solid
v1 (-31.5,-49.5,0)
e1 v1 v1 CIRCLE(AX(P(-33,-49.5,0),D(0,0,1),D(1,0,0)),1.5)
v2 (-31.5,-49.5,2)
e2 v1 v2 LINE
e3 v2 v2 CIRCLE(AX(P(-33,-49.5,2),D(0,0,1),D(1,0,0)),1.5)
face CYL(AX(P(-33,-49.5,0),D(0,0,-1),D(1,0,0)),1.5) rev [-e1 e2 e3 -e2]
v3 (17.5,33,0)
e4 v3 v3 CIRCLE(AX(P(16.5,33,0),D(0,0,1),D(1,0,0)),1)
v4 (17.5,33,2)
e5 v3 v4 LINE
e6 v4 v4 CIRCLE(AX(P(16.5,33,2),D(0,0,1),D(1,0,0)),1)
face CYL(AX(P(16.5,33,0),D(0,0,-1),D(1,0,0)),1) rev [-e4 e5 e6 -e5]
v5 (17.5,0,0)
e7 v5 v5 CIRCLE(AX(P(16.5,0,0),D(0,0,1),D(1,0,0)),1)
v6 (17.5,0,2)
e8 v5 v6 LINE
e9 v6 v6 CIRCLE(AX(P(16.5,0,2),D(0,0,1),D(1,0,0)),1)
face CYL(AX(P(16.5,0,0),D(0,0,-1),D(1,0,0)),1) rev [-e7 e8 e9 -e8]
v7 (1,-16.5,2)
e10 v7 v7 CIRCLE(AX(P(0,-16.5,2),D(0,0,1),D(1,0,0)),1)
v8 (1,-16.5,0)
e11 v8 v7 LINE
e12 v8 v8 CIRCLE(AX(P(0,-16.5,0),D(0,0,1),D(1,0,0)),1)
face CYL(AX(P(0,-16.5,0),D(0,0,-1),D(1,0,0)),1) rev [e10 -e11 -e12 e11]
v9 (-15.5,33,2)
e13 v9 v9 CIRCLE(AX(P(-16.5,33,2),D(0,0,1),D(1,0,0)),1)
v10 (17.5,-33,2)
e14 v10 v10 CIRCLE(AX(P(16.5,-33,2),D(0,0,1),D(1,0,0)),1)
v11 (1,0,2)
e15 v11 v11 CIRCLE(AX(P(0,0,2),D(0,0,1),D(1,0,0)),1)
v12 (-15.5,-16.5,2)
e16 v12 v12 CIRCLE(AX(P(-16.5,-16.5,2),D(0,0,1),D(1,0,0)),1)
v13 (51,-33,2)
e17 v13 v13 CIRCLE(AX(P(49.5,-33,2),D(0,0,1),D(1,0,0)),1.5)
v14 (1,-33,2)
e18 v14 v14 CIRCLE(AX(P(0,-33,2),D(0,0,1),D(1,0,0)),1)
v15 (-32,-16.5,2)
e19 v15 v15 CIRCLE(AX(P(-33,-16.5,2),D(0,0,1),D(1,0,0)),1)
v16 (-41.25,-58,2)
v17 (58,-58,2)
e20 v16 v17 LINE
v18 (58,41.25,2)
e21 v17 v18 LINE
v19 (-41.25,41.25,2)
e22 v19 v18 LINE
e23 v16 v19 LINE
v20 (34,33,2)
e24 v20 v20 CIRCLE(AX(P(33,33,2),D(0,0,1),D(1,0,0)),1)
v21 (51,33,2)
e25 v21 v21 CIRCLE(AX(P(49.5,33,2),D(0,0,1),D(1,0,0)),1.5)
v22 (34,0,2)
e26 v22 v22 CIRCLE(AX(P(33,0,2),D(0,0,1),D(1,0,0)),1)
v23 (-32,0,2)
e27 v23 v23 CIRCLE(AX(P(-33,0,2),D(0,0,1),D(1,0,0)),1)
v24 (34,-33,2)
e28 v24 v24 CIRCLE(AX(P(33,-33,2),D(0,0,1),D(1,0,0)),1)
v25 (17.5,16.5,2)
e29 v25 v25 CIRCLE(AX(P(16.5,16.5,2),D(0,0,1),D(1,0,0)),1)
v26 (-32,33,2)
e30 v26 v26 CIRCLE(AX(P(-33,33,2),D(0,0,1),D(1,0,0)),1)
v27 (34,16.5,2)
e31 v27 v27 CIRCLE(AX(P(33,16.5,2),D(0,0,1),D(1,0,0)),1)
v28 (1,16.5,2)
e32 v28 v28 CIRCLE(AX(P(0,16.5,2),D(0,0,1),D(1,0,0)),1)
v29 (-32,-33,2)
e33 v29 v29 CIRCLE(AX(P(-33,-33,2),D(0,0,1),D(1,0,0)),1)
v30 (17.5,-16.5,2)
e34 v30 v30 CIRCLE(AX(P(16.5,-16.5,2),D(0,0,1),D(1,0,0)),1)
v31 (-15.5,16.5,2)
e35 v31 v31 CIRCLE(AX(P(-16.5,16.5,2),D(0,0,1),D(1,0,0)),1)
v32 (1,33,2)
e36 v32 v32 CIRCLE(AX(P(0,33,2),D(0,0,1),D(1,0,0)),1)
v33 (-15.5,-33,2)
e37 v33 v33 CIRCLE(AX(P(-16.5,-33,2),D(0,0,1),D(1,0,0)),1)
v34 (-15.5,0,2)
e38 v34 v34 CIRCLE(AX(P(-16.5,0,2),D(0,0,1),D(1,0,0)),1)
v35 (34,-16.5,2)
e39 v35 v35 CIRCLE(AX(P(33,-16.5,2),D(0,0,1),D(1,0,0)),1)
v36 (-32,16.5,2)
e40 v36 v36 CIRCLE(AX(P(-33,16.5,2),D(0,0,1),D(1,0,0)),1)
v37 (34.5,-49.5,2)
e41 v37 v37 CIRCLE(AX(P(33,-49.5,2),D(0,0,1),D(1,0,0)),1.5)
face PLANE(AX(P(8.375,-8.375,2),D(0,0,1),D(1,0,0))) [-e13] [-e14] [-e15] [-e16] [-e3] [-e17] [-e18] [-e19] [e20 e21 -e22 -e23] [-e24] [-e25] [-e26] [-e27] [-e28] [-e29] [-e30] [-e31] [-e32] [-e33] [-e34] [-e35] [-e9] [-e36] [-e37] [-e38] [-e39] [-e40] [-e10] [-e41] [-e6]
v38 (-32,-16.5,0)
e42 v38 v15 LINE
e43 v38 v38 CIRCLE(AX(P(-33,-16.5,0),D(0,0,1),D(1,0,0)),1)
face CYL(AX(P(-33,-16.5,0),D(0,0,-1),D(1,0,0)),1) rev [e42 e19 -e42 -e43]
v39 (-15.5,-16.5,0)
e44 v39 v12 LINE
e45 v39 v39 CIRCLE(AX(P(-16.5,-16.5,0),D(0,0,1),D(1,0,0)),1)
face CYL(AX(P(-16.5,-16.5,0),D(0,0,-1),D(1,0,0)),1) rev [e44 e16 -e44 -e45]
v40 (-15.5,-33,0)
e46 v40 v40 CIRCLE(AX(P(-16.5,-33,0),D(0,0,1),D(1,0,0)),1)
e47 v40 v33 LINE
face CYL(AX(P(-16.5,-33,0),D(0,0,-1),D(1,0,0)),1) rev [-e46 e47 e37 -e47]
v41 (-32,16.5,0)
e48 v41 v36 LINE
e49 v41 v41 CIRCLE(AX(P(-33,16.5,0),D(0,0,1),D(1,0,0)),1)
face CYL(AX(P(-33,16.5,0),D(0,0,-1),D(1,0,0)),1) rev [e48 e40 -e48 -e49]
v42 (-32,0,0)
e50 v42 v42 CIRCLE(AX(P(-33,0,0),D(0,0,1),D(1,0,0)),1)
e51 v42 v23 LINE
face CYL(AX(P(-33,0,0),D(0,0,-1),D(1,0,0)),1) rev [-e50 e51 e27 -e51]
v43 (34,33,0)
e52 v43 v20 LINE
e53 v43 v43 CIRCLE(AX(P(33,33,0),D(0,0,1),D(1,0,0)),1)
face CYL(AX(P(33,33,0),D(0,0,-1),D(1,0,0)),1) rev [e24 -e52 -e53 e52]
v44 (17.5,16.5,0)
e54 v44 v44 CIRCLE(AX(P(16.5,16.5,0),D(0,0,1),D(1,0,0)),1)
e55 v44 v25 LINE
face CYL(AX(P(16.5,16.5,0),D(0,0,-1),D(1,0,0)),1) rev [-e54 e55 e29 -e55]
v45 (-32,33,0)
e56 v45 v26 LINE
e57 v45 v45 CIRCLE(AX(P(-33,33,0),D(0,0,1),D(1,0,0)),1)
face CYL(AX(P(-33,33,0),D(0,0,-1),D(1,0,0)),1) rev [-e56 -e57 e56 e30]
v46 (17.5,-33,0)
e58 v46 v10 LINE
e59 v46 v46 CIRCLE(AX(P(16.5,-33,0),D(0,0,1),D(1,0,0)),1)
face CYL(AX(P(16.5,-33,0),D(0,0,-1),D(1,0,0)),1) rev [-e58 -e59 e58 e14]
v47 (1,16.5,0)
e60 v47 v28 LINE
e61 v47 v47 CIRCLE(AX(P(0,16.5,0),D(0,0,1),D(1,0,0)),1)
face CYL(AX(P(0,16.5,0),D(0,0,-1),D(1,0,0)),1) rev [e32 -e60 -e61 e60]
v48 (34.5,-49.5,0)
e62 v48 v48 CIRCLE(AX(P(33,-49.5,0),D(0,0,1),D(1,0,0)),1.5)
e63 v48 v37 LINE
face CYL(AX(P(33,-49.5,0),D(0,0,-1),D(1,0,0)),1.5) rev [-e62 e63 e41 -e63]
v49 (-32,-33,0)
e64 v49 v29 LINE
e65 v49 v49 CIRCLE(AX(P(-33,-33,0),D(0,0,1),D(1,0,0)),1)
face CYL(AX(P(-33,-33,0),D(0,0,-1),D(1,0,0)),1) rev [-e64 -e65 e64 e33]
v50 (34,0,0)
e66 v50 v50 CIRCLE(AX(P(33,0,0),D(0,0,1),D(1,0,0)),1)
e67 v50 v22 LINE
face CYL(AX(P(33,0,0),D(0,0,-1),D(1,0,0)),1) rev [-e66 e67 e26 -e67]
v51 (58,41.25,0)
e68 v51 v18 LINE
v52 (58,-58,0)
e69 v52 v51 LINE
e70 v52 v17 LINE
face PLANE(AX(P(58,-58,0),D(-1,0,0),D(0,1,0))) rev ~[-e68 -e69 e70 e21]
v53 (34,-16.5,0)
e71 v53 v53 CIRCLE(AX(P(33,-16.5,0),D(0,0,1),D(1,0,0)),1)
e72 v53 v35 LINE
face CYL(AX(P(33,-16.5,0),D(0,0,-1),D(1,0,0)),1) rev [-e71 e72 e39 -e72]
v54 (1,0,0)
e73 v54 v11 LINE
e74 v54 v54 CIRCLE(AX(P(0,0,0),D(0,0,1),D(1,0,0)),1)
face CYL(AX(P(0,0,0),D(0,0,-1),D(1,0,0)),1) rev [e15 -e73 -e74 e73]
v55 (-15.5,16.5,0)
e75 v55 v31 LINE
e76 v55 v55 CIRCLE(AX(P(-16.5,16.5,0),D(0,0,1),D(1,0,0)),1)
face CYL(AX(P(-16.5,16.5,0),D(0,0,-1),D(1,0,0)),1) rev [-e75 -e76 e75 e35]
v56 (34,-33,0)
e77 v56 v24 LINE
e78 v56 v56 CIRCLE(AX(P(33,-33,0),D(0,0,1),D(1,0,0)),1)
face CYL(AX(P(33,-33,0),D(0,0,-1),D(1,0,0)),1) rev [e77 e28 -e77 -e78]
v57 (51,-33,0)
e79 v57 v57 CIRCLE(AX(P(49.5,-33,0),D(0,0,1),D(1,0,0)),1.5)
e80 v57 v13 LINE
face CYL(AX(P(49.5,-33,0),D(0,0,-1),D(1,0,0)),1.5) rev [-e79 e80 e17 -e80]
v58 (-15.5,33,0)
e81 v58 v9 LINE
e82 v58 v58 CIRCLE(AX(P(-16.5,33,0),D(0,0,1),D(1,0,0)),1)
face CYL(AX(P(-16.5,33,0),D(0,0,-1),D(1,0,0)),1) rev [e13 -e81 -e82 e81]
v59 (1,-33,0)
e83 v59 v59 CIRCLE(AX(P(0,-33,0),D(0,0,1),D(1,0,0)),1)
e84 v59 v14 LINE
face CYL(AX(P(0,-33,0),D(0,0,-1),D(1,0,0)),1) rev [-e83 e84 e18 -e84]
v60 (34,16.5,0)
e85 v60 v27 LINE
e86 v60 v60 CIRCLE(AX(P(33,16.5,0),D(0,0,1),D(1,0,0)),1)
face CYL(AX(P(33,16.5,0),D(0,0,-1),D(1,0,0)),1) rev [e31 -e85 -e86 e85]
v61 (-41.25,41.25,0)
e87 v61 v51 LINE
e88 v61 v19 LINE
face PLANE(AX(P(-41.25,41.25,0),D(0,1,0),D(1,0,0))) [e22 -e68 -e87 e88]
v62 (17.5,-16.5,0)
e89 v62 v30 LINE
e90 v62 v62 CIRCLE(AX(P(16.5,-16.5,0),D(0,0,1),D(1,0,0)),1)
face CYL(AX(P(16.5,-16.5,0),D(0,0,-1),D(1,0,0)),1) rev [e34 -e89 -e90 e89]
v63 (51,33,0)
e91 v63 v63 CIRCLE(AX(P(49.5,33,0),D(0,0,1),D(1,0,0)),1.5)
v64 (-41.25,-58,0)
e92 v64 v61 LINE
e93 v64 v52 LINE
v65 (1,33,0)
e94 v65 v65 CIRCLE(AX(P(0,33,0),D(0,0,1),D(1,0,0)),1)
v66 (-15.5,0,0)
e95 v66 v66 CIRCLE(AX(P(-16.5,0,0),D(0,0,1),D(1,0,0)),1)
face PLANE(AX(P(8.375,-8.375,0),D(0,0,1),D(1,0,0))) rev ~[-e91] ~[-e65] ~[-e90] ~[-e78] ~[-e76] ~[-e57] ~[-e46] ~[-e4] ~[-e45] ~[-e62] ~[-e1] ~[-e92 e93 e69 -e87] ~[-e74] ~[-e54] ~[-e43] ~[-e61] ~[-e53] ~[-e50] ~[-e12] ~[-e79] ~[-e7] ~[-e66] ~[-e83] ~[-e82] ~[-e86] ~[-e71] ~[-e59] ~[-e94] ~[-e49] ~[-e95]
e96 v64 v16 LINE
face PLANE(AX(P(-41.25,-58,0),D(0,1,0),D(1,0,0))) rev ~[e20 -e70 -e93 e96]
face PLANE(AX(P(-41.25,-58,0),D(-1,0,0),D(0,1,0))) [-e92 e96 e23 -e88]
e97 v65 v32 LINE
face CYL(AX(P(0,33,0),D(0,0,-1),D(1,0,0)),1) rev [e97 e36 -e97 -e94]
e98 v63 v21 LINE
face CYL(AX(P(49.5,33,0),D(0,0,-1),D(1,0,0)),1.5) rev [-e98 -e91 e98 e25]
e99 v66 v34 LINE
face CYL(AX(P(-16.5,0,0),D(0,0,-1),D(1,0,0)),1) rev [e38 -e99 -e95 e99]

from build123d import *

# Parameters (mm, degrees)
SKETCH_W   = 99.25
SKETCH_H   = 99.25
SKETCH_R   = 1
SKETCH_R_2 = 1.5
PAD_DEPTH  = 2


with BuildPart() as part:
    # Sketch → Pad (new body)
    with BuildSketch(Plane.XY):
        with Locations((8.375, -8.375)):
            Rectangle(SKETCH_W, SKETCH_H)
        Circle(SKETCH_R, mode=Mode.SUBTRACT)
        with Locations((-16.5, 0)):
            Circle(SKETCH_R, mode=Mode.SUBTRACT)
        with Locations((0, 16.5)):
            Circle(SKETCH_R, mode=Mode.SUBTRACT)
        with Locations((-16.5, 16.5)):
            Circle(SKETCH_R, mode=Mode.SUBTRACT)
        with Locations((-33, 16.5)):
            Circle(SKETCH_R, mode=Mode.SUBTRACT)
        with Locations((33, 16.5)):
            Circle(SKETCH_R, mode=Mode.SUBTRACT)
        with Locations((16.5, 16.5)):
            Circle(SKETCH_R, mode=Mode.SUBTRACT)
        with Locations((-33, 0)):
            Circle(SKETCH_R, mode=Mode.SUBTRACT)
        with Locations((16.5, 0)):
            Circle(SKETCH_R, mode=Mode.SUBTRACT)
        with Locations((33, 0)):
            Circle(SKETCH_R, mode=Mode.SUBTRACT)
        with Locations((0, -16.5)):
            Circle(SKETCH_R, mode=Mode.SUBTRACT)
        with Locations((16.5, -16.5)):
            Circle(SKETCH_R, mode=Mode.SUBTRACT)
        with Locations((33, -16.5)):
            Circle(SKETCH_R, mode=Mode.SUBTRACT)
        with Locations((-16.5, -16.5)):
            Circle(SKETCH_R, mode=Mode.SUBTRACT)
        with Locations((-33, -16.5)):
            Circle(SKETCH_R, mode=Mode.SUBTRACT)
        with Locations((-33, 33)):
            Circle(SKETCH_R, mode=Mode.SUBTRACT)
        with Locations((-16.5, 33)):
            Circle(SKETCH_R, mode=Mode.SUBTRACT)
        with Locations((0, 33)):
            Circle(SKETCH_R, mode=Mode.SUBTRACT)
        with Locations((16.5, 33)):
            Circle(SKETCH_R, mode=Mode.SUBTRACT)
        with Locations((33, 33)):
            Circle(SKETCH_R, mode=Mode.SUBTRACT)
        with Locations((-33, -33)):
            Circle(SKETCH_R, mode=Mode.SUBTRACT)
        with Locations((-16.5, -33)):
            Circle(SKETCH_R, mode=Mode.SUBTRACT)
        with Locations((16.5, -33)):
            Circle(SKETCH_R, mode=Mode.SUBTRACT)
        with Locations((33, -33)):
            Circle(SKETCH_R, mode=Mode.SUBTRACT)
        with Locations((0, -33)):
            Circle(SKETCH_R, mode=Mode.SUBTRACT)
        with Locations((-33, -49.5)):
            Circle(SKETCH_R_2, mode=Mode.SUBTRACT)
        with Locations((33, -49.5)):
            Circle(SKETCH_R_2, mode=Mode.SUBTRACT)
        with Locations((49.5, 33)):
            Circle(SKETCH_R_2, mode=Mode.SUBTRACT)
        with Locations((49.5, -33)):
            Circle(SKETCH_R_2, mode=Mode.SUBTRACT)
    extrude(amount=PAD_DEPTH)


solid = part.part
